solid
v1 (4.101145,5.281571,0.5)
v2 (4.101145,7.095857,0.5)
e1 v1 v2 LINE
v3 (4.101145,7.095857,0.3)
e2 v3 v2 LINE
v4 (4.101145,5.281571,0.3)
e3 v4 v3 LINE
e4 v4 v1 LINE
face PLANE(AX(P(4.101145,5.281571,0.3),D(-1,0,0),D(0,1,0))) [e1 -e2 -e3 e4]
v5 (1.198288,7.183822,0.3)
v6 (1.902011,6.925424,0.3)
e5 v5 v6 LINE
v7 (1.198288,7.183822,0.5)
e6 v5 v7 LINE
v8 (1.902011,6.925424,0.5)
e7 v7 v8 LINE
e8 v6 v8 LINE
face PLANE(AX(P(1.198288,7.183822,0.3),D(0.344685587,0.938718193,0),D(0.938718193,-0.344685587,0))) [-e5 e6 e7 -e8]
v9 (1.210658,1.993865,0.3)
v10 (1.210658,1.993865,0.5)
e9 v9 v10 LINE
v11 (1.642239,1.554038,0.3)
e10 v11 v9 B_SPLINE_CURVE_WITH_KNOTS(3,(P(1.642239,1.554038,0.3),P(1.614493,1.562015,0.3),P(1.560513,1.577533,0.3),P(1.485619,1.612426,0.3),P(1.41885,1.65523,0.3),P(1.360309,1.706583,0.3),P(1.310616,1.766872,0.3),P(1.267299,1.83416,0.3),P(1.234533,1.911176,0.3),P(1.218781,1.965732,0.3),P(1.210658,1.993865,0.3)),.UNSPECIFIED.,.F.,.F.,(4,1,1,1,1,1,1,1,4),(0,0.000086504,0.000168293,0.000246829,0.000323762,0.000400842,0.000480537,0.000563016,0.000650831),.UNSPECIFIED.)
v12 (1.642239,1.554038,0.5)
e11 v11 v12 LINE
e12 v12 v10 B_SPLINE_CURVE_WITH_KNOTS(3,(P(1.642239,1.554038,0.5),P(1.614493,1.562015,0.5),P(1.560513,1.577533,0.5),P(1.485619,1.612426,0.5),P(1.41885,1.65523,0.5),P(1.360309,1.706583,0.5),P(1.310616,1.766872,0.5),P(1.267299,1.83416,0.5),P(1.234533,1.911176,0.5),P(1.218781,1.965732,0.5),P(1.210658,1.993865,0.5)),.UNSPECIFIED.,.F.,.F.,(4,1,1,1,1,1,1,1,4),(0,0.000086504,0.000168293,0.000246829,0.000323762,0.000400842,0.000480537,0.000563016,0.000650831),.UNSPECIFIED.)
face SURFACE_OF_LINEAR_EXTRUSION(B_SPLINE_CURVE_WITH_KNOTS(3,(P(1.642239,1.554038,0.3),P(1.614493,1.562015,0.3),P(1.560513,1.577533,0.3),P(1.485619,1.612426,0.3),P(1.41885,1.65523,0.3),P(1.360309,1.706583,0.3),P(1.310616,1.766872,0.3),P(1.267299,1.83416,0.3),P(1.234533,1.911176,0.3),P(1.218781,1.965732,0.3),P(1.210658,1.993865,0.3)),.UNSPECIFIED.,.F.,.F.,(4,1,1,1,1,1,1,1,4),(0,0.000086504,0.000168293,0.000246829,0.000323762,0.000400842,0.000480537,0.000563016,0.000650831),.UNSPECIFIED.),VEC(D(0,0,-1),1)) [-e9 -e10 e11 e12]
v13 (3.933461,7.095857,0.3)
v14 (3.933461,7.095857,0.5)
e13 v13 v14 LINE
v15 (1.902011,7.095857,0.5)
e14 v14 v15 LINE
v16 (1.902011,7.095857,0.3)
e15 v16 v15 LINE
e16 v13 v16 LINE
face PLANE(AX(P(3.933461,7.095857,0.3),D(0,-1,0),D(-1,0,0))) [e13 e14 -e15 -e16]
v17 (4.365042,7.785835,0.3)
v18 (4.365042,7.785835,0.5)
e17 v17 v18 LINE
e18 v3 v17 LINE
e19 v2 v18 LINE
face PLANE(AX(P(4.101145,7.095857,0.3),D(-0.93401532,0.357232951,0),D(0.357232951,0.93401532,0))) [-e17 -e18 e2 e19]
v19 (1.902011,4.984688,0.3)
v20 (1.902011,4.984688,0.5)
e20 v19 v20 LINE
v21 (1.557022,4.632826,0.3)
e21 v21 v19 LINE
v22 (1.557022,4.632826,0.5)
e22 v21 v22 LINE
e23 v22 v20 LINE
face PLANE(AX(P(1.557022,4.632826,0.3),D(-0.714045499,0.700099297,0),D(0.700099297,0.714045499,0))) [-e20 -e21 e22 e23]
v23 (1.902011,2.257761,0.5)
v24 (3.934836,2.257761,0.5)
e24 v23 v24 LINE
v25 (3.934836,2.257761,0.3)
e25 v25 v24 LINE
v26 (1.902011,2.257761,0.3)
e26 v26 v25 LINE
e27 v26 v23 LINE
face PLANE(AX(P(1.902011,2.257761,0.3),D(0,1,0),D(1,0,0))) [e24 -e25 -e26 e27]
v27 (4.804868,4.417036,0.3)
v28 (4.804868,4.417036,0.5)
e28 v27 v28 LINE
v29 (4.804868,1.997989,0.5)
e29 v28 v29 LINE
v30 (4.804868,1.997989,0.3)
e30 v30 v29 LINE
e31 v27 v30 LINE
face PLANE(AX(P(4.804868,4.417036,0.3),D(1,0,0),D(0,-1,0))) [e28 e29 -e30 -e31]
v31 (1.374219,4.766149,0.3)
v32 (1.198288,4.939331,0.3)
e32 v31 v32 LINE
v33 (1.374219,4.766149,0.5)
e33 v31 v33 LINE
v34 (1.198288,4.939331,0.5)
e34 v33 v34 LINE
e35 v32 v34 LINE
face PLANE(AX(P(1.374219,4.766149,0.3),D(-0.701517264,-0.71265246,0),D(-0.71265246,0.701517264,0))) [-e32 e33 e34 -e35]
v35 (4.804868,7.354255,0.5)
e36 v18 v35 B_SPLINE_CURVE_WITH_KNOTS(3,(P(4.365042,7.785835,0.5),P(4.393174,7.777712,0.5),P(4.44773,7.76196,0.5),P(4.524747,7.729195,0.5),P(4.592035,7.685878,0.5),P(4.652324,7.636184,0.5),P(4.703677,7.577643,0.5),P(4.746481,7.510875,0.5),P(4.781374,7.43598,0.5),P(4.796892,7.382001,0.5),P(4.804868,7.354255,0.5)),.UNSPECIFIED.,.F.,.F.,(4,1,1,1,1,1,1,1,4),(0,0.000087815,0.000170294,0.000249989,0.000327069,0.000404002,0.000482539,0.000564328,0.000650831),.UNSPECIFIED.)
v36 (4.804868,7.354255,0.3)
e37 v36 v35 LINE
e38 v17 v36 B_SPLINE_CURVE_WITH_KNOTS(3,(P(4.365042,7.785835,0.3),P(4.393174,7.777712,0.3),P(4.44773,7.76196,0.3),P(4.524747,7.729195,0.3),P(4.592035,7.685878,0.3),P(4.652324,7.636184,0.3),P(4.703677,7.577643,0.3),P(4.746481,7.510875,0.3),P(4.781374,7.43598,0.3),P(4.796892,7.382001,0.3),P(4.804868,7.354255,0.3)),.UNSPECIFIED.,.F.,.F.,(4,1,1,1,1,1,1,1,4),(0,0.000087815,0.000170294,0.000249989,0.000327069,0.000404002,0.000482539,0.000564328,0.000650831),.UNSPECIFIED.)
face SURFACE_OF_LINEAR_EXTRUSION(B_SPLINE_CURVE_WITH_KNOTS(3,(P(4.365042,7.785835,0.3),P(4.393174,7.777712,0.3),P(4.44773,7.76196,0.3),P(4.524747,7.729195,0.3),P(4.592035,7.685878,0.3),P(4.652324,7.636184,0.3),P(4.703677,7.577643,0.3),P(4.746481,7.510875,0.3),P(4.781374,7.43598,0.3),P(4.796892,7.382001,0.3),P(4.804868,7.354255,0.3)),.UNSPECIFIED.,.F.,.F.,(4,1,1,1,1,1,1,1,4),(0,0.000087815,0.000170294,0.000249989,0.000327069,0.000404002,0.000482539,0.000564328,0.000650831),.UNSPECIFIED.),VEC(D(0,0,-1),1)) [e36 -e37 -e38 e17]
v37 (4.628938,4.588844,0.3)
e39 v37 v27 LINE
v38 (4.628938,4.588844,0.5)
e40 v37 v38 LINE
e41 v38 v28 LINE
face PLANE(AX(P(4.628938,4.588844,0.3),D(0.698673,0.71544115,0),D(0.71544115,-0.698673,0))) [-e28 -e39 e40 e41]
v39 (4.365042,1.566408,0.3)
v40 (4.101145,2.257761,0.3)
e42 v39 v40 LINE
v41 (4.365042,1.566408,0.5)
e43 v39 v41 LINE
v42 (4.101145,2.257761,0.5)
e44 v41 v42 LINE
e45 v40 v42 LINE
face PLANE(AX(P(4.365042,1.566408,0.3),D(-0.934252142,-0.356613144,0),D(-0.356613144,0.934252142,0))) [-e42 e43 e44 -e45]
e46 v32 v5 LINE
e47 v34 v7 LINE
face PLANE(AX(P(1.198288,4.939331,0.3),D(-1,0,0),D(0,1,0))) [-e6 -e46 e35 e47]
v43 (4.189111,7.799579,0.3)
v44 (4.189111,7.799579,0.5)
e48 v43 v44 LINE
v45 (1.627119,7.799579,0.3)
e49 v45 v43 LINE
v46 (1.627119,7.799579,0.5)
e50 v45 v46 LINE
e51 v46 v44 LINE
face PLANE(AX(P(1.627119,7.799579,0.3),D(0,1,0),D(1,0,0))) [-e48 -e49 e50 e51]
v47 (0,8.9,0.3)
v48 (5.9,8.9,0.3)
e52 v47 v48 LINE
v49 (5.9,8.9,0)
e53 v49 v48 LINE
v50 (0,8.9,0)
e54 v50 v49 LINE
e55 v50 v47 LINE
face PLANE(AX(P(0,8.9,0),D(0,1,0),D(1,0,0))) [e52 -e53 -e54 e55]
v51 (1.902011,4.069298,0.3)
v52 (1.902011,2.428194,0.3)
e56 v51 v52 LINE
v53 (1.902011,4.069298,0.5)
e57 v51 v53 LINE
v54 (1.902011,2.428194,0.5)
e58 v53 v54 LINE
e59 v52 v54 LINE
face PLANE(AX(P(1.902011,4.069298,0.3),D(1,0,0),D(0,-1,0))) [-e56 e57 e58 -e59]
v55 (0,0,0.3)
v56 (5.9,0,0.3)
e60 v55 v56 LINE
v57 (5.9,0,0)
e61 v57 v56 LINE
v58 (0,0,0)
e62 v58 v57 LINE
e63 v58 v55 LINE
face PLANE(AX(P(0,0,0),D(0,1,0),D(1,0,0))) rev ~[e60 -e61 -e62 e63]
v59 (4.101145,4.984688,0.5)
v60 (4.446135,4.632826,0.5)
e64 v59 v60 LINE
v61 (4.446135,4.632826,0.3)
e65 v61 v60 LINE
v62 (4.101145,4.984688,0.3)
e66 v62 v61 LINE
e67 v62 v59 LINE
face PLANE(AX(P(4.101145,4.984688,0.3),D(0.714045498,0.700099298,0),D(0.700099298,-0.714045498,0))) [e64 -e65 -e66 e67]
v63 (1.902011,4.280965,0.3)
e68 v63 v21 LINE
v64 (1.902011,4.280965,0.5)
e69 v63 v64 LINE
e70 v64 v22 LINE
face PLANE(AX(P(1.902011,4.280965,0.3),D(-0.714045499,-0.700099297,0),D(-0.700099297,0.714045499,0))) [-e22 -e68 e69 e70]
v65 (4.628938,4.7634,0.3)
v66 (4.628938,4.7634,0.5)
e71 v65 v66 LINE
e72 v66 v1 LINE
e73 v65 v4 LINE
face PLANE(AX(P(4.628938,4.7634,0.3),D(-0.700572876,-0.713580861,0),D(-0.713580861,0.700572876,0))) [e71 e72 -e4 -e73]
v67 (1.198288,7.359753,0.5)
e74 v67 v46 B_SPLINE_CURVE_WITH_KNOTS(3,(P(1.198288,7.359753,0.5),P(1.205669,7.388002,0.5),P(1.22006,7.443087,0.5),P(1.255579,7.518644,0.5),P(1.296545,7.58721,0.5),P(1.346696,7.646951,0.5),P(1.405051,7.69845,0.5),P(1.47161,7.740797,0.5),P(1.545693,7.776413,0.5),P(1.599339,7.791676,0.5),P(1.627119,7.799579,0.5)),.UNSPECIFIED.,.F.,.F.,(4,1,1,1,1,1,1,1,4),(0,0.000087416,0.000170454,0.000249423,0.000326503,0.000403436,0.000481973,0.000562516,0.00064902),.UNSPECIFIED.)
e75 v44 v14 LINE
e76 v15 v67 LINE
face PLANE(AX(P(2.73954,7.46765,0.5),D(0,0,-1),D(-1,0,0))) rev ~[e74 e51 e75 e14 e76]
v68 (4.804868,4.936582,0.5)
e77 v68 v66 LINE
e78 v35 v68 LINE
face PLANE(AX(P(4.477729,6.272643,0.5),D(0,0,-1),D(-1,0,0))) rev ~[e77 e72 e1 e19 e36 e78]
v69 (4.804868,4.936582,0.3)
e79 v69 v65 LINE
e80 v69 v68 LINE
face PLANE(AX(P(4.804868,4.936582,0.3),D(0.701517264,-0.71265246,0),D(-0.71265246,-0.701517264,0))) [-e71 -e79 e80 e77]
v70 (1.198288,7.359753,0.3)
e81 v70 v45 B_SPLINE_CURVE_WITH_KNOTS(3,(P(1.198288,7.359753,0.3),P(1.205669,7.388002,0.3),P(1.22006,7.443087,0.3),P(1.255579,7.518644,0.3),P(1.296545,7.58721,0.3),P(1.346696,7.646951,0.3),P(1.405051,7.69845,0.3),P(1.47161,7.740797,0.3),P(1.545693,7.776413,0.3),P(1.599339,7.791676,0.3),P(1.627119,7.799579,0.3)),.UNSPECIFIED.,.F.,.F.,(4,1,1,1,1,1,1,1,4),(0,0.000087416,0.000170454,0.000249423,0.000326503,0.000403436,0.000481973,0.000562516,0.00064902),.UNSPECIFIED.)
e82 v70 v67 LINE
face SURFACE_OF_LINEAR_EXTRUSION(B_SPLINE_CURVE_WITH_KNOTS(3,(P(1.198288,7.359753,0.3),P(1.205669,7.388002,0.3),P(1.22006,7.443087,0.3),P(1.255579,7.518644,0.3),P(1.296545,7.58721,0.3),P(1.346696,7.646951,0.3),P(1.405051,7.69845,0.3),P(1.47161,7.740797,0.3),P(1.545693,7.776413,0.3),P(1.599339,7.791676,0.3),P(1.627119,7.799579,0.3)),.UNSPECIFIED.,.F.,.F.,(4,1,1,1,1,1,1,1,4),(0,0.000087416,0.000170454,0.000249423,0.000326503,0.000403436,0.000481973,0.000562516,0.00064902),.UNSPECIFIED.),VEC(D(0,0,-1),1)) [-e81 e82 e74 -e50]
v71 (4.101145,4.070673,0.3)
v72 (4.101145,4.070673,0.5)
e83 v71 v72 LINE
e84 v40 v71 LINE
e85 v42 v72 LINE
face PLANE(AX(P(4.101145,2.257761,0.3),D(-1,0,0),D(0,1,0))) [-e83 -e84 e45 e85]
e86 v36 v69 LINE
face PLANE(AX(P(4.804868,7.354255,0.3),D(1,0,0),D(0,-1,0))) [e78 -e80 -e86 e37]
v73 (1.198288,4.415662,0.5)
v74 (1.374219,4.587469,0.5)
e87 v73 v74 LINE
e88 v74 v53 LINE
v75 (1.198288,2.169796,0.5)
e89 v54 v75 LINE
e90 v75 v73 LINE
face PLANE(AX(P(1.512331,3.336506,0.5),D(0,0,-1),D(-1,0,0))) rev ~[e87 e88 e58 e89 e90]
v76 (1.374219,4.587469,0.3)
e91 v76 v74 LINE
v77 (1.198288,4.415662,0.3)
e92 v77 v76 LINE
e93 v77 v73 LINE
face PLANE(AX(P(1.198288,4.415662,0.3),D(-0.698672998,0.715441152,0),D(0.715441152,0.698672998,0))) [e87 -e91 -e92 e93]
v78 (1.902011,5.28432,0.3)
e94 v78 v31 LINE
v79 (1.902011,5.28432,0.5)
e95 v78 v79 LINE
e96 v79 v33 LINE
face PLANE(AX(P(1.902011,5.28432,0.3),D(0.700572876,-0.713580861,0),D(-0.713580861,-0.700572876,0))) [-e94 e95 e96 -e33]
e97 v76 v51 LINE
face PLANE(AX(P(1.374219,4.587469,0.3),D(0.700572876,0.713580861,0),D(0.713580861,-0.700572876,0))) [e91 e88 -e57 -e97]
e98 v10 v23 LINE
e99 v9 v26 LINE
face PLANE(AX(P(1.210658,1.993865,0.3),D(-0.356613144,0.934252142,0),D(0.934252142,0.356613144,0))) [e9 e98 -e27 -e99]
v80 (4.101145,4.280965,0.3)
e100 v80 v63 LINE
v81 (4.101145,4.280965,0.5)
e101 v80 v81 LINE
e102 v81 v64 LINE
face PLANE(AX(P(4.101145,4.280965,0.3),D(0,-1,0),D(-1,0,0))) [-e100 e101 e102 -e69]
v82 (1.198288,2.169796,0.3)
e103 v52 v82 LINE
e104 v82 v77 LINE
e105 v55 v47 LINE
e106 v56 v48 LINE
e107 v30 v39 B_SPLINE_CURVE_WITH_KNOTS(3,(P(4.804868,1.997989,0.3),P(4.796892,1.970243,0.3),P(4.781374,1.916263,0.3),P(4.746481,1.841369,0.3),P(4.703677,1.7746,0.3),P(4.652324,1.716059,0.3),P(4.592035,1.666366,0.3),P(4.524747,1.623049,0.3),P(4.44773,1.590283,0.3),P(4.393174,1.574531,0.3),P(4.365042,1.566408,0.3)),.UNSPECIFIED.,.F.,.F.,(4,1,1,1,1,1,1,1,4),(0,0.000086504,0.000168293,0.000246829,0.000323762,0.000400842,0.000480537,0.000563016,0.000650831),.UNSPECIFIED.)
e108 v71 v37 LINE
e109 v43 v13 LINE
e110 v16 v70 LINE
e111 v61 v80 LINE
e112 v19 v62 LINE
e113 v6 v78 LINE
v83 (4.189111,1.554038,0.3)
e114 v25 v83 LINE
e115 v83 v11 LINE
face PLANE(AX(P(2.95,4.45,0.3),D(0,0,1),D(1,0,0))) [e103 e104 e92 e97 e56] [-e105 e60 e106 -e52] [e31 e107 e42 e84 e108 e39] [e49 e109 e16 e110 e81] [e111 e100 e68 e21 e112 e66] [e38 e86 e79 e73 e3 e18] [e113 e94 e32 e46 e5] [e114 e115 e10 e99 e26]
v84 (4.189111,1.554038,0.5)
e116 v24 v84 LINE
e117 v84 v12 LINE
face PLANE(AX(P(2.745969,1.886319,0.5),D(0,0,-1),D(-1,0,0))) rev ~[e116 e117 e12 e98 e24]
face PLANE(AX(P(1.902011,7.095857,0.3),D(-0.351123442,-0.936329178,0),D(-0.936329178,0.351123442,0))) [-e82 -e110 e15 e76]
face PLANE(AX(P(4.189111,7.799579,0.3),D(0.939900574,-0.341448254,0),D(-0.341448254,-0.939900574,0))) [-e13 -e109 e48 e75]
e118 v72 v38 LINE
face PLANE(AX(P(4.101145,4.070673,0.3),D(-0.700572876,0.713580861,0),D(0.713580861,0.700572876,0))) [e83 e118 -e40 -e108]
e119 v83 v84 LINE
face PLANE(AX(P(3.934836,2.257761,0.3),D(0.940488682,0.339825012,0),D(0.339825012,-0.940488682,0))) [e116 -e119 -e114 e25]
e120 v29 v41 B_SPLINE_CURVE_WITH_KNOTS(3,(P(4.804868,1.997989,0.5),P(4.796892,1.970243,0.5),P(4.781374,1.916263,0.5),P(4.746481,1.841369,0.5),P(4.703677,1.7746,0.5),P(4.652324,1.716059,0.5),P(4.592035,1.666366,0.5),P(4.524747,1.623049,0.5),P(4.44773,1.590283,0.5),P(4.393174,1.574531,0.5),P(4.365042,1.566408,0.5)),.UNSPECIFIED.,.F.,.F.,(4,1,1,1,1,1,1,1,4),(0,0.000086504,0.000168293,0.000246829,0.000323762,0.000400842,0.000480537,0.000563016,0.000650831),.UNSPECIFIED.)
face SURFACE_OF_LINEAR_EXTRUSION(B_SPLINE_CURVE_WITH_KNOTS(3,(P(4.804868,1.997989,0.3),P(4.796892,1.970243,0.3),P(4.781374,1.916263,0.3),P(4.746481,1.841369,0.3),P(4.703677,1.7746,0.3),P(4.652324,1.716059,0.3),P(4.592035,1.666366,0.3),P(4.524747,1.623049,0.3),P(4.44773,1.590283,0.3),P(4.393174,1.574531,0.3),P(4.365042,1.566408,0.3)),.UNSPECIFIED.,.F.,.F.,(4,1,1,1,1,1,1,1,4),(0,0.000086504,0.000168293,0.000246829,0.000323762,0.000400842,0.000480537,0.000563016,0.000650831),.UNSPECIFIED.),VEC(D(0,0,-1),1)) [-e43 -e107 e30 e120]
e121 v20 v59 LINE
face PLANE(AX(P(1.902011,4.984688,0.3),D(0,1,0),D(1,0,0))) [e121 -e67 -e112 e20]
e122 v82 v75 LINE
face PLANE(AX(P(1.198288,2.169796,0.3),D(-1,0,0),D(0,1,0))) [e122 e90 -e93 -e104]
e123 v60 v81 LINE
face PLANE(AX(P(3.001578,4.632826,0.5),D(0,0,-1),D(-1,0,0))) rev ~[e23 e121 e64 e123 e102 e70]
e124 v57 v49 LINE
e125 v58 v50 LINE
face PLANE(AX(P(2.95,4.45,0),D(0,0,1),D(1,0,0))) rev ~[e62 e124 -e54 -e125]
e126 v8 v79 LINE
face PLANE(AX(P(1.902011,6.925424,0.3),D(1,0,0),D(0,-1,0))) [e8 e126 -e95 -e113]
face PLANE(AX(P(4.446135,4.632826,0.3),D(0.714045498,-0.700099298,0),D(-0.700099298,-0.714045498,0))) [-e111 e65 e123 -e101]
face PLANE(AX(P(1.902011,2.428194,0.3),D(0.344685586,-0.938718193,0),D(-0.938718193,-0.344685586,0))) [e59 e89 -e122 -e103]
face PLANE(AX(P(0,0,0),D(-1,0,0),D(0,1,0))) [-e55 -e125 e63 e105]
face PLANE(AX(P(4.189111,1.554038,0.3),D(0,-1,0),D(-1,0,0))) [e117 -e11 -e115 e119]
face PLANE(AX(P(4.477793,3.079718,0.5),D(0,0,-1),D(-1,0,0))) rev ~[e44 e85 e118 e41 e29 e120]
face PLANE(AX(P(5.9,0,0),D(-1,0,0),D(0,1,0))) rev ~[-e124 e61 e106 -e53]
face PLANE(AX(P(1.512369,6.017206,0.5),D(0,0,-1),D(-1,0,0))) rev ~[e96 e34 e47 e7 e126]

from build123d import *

# Parameters (mm, degrees)
ESQUISSE1_W        = 5.9
ESQUISSE1_H        = 8.9
BOSS_EXTRU_1_DEPTH = 0.3
BOSS_EXTRU_2_DEPTH = 0.2


with BuildPart() as part:
    # Esquisse1 → Boss.-Extru.1 (new body)
    with BuildSketch(Plane.XY):
        with Locations((2.95, 4.45)):
            Rectangle(ESQUISSE1_W, ESQUISSE1_H)
    extrude(amount=BOSS_EXTRU_1_DEPTH)

    # Esquisse2 → Boss.-Extru.2 (add)
    with BuildSketch(Plane.XY.offset(0.3)):
        Polygon((4.101145441, 4.984687707), (4.446134619, 4.632826235), (4.101145441, 4.280964763), (1.902011242, 4.280964763), (1.557022065, 4.632826235), (1.902011242, 4.984687707), align=None)
        with BuildLine():
            Line((4.628937649, 4.588843551), (4.804868385, 4.417036191))
            Line((4.804868385, 4.417036191), (4.804868385, 1.997988572))
            add(Edge.make_bspline(
                [(4.804868385, 1.997988572), (4.796892021, 1.970242627), (4.781374023, 1.916262949), (4.746481224, 1.841368841), (4.703676592, 1.774599957), (4.652323935, 1.71605919), (4.592034601, 1.666365589), (4.524746962, 1.623048736), (4.447730355, 1.590283039), (4.393174294, 1.574531191), (4.365041545, 1.566408486)],
                knots=[0, 0, 0, 0, 8.6504e-05, 0.000168293, 0.000246829, 0.000323762, 0.000400842, 0.000480537, 0.000563016, 0.000650831, 0.000650831, 0.000650831, 0.000650831], degree=3))
            Line((4.365041545, 1.566408486), (4.101145441, 2.2577613))
            Line((4.101145441, 2.2577613), (4.101145441, 4.070672555))
            Line((4.101145441, 4.070672555), (4.628937649, 4.588843551))
        make_face()
        with BuildLine():
            Line((4.189110809, 1.554038356), (1.642238515, 1.554038356))
            add(Edge.make_bspline(
                [(1.642238515, 1.554038356), (1.614492569, 1.56201472), (1.560512892, 1.577532718), (1.485618783, 1.612425517), (1.4188499, 1.655230149), (1.360309132, 1.706582806), (1.310615531, 1.76687214), (1.267298679, 1.834159779), (1.234532982, 1.911176386), (1.218781133, 1.965732447), (1.210658428, 1.993865196)],
                knots=[0, 0, 0, 0, 8.6504e-05, 0.000168293, 0.000246829, 0.000323762, 0.000400842, 0.000480537, 0.000563016, 0.000650831, 0.000650831, 0.000650831, 0.000650831], degree=3))
            Line((1.210658428, 1.993865196), (1.902011242, 2.2577613))
            Line((1.902011242, 2.2577613), (3.934835917, 2.2577613))
            Line((3.934835917, 2.2577613), (4.189110809, 1.554038356))
        make_face()
        Polygon((1.198288298, 2.169795932), (1.198288298, 4.415661733), (1.374219034, 4.587469092), (1.902011242, 4.069298096), (1.902011242, 2.4281942), align=None)
        with BuildLine():
            Line((3.933461459, 7.095856538), (1.902011242, 7.095856538))
            Line((1.902011242, 7.095856538), (1.198288298, 7.359752642))
            add(Edge.make_bspline(
                [(1.198288298, 7.359752642), (1.205668701, 7.388002372), (1.220059896, 7.443087095), (1.255578594, 7.51864428), (1.296545483, 7.587210071), (1.346696322, 7.646951249), (1.40505091, 7.698450215), (1.471609716, 7.740797307), (1.545693252, 7.776412742), (1.599339408, 7.79167572), (1.627119467, 7.799579482)],
                knots=[0, 0, 0, 0, 8.7416e-05, 0.000170454, 0.000249423, 0.000326503, 0.000403436, 0.000481973, 0.000562516, 0.00064902, 0.00064902, 0.00064902, 0.00064902], degree=3))
            Line((1.627119467, 7.799579482), (4.189110809, 7.799579482))
            Line((4.189110809, 7.799579482), (3.933461459, 7.095856538))
        make_face()
        Polygon((1.902011242, 6.925423637), (1.902011242, 5.284319741), (1.374219034, 4.766148746), (1.198288298, 4.939330564), (1.198288298, 7.183821906), align=None)
        with BuildLine():
            Line((4.101145441, 5.281570824), (4.101145441, 7.095856538))
            Line((4.101145441, 7.095856538), (4.365041545, 7.785834893))
            add(Edge.make_bspline(
                [(4.365041545, 7.785834893), (4.393174294, 7.777712188), (4.447730355, 7.761960339), (4.524746962, 7.729194642), (4.592034601, 7.68587779), (4.652323935, 7.636184189), (4.703676592, 7.577643421), (4.746481224, 7.510874538), (4.781374023, 7.435980429), (4.796892021, 7.382000752), (4.804868385, 7.354254806)],
                knots=[0, 0, 0, 0, 8.7815e-05, 0.000170294, 0.000249989, 0.000327069, 0.000404002, 0.000482539, 0.000564328, 0.000650831, 0.000650831, 0.000650831, 0.000650831], degree=3))
            Line((4.804868385, 7.354254806), (4.804868385, 4.936581646))
            Line((4.804868385, 4.936581646), (4.628937649, 4.763399828))
            Line((4.628937649, 4.763399828), (4.101145441, 5.281570824))
        make_face()
    extrude(amount=BOSS_EXTRU_2_DEPTH)


solid = part.part
